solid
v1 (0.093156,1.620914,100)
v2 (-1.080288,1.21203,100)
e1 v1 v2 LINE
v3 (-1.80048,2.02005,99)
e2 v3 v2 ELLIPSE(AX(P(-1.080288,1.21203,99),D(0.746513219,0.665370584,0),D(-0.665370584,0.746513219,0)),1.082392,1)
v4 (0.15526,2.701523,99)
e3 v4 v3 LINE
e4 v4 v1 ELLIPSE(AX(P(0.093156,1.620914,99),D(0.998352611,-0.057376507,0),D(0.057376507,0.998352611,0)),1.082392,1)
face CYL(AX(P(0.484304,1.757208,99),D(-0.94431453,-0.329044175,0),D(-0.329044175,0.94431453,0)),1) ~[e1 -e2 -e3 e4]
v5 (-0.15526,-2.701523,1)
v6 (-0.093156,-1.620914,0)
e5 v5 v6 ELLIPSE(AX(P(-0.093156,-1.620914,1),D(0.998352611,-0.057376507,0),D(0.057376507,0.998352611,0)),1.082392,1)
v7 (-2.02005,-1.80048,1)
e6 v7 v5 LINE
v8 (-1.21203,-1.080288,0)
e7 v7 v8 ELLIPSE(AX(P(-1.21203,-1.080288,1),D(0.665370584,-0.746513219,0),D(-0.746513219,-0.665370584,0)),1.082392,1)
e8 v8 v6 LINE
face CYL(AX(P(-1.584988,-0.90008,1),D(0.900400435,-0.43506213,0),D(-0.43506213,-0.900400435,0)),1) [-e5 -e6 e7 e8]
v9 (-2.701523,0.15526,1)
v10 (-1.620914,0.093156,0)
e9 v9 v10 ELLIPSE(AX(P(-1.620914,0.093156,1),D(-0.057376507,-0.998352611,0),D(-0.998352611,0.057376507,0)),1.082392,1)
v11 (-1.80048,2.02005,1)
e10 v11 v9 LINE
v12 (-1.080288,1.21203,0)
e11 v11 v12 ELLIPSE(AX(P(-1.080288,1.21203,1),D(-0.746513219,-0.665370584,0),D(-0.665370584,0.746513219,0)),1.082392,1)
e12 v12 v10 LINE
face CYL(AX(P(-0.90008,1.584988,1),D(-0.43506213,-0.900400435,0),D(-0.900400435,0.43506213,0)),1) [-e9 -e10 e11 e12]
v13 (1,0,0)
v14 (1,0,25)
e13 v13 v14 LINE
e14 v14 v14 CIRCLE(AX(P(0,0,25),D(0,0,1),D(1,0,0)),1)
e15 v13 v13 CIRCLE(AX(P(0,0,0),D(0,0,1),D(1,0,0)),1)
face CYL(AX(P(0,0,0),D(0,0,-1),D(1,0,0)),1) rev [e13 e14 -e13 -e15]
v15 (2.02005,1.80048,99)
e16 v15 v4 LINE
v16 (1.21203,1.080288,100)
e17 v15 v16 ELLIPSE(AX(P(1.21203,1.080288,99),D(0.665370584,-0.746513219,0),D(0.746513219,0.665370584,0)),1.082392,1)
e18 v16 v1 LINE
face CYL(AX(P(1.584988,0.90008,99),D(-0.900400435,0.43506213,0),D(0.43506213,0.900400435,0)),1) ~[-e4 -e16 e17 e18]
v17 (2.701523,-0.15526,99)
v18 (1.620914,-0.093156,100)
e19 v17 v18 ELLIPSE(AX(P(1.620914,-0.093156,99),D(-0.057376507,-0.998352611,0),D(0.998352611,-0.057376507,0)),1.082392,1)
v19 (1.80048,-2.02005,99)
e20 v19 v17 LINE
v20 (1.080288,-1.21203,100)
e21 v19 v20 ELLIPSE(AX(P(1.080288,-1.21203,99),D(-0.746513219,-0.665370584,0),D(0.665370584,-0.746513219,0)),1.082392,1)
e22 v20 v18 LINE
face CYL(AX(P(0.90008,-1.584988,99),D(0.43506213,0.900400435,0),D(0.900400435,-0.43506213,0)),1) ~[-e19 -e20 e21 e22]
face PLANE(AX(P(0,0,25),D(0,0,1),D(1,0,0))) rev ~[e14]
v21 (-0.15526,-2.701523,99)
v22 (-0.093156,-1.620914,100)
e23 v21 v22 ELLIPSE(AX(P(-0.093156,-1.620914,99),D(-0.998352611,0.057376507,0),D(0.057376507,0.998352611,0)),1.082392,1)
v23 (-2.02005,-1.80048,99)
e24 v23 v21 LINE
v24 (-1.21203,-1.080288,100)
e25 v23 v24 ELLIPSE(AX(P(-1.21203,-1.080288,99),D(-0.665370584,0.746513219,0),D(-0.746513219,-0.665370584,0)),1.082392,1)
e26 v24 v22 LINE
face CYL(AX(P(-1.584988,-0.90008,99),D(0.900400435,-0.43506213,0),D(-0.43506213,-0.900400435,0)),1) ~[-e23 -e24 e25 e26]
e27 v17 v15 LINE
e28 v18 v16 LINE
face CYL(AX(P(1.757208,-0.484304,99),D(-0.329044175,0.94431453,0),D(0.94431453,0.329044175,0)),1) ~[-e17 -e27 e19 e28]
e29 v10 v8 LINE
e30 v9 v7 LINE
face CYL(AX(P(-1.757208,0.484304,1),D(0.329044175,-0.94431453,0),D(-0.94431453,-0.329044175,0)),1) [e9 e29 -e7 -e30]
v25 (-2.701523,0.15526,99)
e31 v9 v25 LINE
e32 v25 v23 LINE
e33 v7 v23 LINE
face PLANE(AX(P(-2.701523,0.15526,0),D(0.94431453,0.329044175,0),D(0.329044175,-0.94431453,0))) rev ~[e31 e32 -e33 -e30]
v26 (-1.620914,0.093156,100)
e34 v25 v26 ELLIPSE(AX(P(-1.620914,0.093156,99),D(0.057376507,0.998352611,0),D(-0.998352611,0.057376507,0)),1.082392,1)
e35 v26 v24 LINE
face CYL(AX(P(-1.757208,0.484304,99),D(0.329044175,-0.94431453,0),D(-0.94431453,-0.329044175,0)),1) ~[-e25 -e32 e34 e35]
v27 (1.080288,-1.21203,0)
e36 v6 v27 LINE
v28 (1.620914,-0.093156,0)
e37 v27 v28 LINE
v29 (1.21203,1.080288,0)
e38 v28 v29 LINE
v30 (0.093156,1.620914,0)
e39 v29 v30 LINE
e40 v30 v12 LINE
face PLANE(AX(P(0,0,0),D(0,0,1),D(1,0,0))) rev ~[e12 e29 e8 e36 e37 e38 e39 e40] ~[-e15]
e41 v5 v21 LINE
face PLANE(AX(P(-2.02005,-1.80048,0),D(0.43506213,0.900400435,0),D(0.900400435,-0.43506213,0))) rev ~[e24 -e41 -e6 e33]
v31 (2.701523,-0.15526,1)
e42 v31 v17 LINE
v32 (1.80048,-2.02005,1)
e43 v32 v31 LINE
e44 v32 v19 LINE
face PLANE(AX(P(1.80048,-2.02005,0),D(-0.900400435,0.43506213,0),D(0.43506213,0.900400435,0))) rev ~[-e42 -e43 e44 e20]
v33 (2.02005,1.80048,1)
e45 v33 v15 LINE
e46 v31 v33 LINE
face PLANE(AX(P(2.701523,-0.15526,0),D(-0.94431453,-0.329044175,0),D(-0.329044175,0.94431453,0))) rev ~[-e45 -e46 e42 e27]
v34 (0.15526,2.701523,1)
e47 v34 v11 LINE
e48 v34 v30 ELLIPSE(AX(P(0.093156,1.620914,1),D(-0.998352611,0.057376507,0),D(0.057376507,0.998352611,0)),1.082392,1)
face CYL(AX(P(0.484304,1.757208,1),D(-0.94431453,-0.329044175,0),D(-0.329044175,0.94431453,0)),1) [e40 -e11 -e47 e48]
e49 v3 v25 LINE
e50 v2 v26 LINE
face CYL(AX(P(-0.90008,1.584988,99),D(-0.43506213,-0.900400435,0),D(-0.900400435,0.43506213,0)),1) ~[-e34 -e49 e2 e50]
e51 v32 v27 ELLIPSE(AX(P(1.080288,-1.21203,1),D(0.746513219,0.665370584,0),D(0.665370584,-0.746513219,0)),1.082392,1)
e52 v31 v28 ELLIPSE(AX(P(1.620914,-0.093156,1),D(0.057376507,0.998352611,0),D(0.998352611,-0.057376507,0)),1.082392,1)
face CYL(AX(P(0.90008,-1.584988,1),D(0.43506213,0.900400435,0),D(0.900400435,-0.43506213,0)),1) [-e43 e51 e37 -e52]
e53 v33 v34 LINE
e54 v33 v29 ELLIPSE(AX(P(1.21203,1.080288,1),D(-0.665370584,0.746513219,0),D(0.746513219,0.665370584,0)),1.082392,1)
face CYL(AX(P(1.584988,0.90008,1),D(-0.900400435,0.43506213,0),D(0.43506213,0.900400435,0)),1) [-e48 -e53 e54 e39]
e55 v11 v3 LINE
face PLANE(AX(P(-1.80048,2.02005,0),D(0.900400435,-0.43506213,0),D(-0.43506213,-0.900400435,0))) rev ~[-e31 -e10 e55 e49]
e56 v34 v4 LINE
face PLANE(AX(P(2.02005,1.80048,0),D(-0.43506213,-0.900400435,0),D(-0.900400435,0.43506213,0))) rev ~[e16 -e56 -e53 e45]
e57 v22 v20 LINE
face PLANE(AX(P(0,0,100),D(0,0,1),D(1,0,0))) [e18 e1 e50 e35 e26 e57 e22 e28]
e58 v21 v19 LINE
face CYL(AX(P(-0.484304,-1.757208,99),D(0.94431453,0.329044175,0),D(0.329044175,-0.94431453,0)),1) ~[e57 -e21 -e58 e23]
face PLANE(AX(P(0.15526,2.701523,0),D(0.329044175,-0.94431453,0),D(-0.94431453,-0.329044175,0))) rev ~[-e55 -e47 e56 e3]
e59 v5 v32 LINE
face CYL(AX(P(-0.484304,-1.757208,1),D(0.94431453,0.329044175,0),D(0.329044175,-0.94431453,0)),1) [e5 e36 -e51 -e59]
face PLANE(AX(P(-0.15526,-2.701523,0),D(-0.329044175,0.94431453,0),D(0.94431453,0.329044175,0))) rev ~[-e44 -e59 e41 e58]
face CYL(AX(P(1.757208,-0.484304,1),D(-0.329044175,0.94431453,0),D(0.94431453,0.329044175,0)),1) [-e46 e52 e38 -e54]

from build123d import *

# Parameters (mm, degrees)
F0_R     = 1
F1_DEPTH = 100
F2_R     = 1
F3_DEPTH = 25


with BuildPart() as f1:
    # F0 (on Top) → F1 (new body)
    with BuildSketch(Plane.XY):
        Polygon((2.701523, -0.15526), (2.02005, 1.80048), (0.15526, 2.701523), (-1.80048, 2.02005), (-2.701523, 0.15526), (-2.02005, -1.80048), (-0.15526, -2.701523), (1.80048, -2.02005), align=None)
        Circle(F0_R, mode=Mode.SUBTRACT)
        Circle(F0_R)
    extrude(amount=F1_DEPTH)

    # F2
    f2_edges = [f1.edges().sort_by_distance(p)[0] for p in [
        (0.82261, -2.360787, 0),
        (2.251001, -1.087655, 0),
        (2.360787, 0.82261, 0),
        (1.087655, 2.251001, 0),
        (-0.82261, 2.360787, 0),
        (-2.251001, 1.087655, 0),
        (-2.360787, -0.82261, 0),
        (-1.087655, -2.251001, 0),
        (0.82261, -2.360787, 100),
        (2.251001, -1.087655, 100),
        (2.360787, 0.82261, 100),
        (1.087655, 2.251001, 100),
        (-0.82261, 2.360787, 100),
        (-2.251001, 1.087655, 100),
        (-2.360787, -0.82261, 100),
        (-1.087655, -2.251001, 100),
    ]]
    fillet(f2_edges, radius=F2_R)

    # F0 (on Top) → F3 (cut)
    with BuildSketch(Plane.XY):
        Circle(F0_R)
    extrude(amount=F3_DEPTH, mode=Mode.SUBTRACT)


solid = f1.part
